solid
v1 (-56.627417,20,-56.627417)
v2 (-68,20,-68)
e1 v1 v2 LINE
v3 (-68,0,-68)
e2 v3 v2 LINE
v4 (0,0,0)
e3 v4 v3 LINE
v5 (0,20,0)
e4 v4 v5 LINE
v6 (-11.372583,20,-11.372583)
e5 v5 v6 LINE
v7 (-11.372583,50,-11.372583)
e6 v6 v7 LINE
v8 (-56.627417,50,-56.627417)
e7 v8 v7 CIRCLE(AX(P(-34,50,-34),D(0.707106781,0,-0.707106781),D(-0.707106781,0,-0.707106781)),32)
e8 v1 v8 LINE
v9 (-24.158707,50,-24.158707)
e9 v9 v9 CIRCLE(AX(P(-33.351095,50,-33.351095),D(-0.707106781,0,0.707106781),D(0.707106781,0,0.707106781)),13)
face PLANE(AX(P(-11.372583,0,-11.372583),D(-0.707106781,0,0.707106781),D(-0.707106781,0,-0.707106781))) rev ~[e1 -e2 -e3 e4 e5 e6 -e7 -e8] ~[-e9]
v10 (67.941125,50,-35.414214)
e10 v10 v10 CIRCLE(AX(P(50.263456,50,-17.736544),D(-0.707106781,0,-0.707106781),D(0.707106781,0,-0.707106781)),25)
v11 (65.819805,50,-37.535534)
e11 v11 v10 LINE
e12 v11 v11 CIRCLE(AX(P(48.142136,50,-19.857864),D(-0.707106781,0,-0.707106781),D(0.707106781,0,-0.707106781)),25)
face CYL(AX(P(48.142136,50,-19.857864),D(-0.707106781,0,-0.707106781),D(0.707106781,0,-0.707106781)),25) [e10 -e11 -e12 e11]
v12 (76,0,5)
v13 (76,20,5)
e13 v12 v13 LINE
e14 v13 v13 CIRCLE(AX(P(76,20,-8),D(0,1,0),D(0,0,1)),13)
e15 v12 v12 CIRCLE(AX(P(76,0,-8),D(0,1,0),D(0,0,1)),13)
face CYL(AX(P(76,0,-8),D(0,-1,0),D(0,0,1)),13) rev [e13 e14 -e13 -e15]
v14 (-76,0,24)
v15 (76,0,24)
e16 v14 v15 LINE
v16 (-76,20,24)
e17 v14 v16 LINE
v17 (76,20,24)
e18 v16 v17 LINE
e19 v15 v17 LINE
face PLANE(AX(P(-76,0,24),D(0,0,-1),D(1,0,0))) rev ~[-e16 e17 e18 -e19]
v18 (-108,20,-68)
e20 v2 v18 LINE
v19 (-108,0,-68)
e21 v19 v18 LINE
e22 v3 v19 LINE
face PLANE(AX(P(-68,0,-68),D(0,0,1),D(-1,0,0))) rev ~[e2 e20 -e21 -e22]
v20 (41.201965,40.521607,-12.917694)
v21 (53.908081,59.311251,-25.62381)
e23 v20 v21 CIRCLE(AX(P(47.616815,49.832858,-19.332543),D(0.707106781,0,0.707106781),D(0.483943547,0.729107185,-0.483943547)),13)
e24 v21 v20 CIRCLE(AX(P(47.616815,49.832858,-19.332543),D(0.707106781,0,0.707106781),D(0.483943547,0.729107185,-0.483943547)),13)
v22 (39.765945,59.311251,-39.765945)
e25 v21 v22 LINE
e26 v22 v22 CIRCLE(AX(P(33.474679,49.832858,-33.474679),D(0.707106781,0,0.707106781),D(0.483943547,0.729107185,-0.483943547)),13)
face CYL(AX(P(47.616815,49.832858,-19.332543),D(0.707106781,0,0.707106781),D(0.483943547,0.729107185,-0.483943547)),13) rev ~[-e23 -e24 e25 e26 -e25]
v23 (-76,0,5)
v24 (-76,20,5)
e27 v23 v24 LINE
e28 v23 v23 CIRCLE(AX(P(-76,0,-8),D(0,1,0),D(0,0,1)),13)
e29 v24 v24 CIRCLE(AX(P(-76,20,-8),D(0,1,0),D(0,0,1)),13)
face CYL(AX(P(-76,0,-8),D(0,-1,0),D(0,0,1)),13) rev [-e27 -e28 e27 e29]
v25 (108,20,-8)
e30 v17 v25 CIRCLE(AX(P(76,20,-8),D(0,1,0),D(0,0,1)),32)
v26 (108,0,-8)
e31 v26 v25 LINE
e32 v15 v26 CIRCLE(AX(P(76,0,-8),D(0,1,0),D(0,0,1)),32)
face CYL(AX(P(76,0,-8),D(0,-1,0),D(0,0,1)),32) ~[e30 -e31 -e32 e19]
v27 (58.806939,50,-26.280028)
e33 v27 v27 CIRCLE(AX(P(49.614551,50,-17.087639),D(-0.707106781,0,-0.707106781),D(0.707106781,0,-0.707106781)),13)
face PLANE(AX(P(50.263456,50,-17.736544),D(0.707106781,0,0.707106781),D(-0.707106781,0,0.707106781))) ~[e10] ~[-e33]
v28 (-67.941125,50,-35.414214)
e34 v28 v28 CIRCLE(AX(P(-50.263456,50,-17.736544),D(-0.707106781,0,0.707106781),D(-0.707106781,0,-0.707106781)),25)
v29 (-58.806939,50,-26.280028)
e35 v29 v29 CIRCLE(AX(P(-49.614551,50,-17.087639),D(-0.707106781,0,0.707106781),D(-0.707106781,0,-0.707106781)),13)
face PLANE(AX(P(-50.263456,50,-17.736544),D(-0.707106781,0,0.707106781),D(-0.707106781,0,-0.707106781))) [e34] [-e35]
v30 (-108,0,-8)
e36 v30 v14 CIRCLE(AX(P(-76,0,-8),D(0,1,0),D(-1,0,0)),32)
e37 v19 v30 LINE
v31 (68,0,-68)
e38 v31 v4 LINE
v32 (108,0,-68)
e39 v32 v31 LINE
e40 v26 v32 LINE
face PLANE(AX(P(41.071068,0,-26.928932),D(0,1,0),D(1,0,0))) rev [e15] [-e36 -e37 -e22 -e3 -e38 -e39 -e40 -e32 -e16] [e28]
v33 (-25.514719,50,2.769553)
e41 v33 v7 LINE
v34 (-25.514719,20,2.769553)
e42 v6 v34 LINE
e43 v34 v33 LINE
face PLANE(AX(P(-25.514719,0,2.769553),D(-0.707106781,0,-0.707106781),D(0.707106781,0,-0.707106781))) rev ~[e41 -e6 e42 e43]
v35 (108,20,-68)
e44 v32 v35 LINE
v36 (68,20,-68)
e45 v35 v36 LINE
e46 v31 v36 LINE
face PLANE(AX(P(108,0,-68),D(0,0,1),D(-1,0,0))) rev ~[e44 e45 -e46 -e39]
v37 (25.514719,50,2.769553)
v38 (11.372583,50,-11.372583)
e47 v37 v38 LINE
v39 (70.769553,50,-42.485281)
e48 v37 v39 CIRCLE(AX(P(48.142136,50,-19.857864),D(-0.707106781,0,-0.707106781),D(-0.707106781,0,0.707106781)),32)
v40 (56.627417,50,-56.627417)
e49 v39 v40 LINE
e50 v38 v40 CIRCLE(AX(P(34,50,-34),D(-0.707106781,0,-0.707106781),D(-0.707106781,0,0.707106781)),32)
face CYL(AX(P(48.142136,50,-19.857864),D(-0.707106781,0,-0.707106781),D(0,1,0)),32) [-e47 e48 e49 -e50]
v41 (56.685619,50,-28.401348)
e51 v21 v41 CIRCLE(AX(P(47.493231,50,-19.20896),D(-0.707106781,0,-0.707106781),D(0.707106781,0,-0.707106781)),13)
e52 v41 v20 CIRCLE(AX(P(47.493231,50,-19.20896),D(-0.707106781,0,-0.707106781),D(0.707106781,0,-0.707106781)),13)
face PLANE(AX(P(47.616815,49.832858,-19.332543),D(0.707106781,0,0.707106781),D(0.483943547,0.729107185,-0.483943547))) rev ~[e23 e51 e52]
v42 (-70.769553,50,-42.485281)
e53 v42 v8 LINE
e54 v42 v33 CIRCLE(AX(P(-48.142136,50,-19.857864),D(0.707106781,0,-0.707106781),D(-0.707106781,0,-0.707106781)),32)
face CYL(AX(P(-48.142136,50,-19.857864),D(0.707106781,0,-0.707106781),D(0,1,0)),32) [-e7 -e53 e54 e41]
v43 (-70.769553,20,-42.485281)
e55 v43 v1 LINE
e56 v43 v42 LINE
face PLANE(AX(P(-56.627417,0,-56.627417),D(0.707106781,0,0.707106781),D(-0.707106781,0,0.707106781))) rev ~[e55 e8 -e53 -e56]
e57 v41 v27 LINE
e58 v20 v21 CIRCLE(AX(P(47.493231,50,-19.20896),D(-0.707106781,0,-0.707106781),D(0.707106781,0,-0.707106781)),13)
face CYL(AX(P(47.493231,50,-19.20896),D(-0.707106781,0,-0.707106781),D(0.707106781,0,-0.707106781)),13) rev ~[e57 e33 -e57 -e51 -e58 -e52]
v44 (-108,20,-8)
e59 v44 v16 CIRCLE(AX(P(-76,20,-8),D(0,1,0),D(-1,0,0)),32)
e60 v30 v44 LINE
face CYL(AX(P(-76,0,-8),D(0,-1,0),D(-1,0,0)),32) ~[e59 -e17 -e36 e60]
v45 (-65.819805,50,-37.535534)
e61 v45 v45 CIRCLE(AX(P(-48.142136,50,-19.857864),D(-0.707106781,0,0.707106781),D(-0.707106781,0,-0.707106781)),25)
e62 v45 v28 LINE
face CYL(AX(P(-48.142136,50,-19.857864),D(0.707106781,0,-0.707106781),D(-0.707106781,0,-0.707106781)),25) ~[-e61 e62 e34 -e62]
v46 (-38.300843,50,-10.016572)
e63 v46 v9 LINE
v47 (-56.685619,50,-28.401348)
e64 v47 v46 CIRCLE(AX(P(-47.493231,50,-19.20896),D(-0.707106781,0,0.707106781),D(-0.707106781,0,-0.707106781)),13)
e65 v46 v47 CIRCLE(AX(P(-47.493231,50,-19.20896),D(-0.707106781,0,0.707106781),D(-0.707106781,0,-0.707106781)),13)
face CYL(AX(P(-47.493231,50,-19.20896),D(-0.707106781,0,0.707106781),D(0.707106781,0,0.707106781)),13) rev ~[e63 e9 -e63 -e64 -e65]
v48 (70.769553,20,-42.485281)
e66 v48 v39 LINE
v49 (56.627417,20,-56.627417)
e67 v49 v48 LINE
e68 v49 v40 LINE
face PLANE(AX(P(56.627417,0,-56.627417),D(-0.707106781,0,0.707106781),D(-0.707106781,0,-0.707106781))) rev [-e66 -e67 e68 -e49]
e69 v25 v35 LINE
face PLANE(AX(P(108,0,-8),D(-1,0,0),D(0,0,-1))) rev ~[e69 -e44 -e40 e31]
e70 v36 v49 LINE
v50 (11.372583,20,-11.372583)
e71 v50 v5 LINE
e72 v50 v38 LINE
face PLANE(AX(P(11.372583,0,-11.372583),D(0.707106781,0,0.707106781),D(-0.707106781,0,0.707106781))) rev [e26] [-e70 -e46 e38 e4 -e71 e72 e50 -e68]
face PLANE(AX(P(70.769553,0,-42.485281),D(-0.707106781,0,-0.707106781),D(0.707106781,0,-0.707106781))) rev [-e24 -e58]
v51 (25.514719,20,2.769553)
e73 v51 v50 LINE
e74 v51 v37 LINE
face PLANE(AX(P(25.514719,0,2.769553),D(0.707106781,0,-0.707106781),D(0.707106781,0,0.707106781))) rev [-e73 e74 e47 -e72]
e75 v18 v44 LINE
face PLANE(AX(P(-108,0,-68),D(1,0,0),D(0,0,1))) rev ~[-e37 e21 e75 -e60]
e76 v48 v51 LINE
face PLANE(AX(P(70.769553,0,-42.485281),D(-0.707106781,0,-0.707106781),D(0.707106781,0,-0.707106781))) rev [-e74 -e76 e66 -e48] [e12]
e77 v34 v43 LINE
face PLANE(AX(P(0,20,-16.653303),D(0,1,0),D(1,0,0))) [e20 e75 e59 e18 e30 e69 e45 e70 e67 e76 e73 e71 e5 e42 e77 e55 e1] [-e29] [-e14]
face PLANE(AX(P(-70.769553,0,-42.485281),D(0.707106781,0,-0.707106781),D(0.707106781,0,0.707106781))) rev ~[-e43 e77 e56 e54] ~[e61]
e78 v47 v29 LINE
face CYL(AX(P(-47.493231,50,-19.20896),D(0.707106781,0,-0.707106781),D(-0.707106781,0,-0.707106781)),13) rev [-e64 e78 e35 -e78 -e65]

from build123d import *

# Parameters (mm, degrees)
SKETCH1_R                   = 13
BOSS_EXTRUDE1_DEPTH         = 20
BOSS_EXTRUDE2_DEPTH         = 82
FILLET1_RADIUS              = 32
FILLET1_LENGTH              = 20
SKETCH3_R                   = 25
SKETCH3_R_2                 = 13
BOSS_EXTRUDE3_DEPTH         = 3
CUT_EXTRUDE2_DEPTH          = 169.493417496
FILLET1_OF_MIRROR1_2_RADIUS = 32
FILLET1_OF_MIRROR1_2_LENGTH = 20
SKETCH5_R                   = 13
CUT_EXTRUDE3_DEPTH          = 169.493417496


with BuildPart() as part:
    # Sketch1 → Boss-Extrude1 (new body)
    with BuildSketch(Plane(origin=(0, 0, 0), x_dir=(1, 0, 0), z_dir=(0, 1, 0))):
        with BuildLine():
            Line((-68, 68), (-108, 68))
            Line((-108, 68), (-108, 8))
            ThreePointArc((-108, 8), (-98.627416998, -14.627416998), (-76, -24))
            Line((-76, -24), (-0.620811238, -24))
            Line((-0.620811238, -24), (76, -24))
            ThreePointArc((76, -24), (98.627416998, -14.627416998), (108, 8))
            Line((108, 8), (108, 68))
            Line((108, 68), (68, 68))
            Line((68, 68), (56.627416998, 56.627416998))
            Line((56.627416998, 56.627416998), (70.769552622, 42.485281374))
            Line((70.769552622, 42.485281374), (25.514718626, -2.769552622))
            Line((25.514718626, -2.769552622), (11.372583002, 11.372583002))
            Line((11.372583002, 11.372583002), (0, 0))
            Line((0, 0), (-11.372583002, 11.372583002))
            Line((-11.372583002, 11.372583002), (-25.514718626, -2.769552622))
            Line((-25.514718626, -2.769552622), (-70.769552622, 42.485281374))
            Line((-70.769552622, 42.485281374), (-56.627416998, 56.627416998))
            Line((-56.627416998, 56.627416998), (-68, 68))
        make_face()
        with Locations(Location((-76, 8, 0), (0, 0, 270))):
            Circle(SKETCH1_R, mode=Mode.SUBTRACT)
        with Locations(Location((76, 8, 0), (0, 0, 270))):
            Circle(SKETCH1_R, mode=Mode.SUBTRACT)
    extrude(amount=BOSS_EXTRUDE1_DEPTH)

    # Sketch1<3> → Boss-Extrude2 (add)
    with BuildSketch(Plane(origin=(0, 0, 0), x_dir=(1, 0, 0), z_dir=(0, 1, 0))):
        Polygon((-11.372583002, 11.372583002), (-56.627416998, 56.627416998), (-70.769552622, 42.485281374), (-25.514718626, -2.769552622), align=None)
    boss_extrude2 = extrude(amount=BOSS_EXTRUDE2_DEPTH)

    # Fillet1: full round fillet: the end face becomes a half cylinder, R = half its width
    fillet1_face = Plane((-41.071067812, 82, -26.928932188), x_dir=(0.707106781187, 0, -0.707106781187), z_dir=(0, 1, 0))  # on the end face: x along it, z out of the body
    fillet1_slab = fillet1_face.offset(-FILLET1_RADIUS / 2) * Box(FILLET1_LENGTH, 2 * FILLET1_RADIUS, FILLET1_RADIUS, mode=Mode.PRIVATE)  # the body's end, R deep
    fillet1_round = Plane((-41.071067812, 50, -26.928932188), x_dir=(0, 1, 0), z_dir=(0.707106781187, 0, -0.707106781187)) * Cylinder(FILLET1_RADIUS, FILLET1_LENGTH, mode=Mode.PRIVATE)  # its axis R under the face
    add(fillet1_slab - fillet1_round, mode=Mode.SUBTRACT)

    # Sketch3 → Boss-Extrude3 (add)
    with BuildSketch(Plane(origin=(-14.142135624, 0, 14.142135624), x_dir=(0.7071067811865487, 0, 0.7071067811865465), z_dir=(-0.7071067811865465, 0, 0.7071067811865487))):
        with Locations(Location((-48.083261121, 50, 0), (0, 0, 180))):
            Circle(SKETCH3_R)
        with Locations(Location((-47.165571339, 50, 0), (0, 0, 180))):
            Circle(SKETCH3_R_2, mode=Mode.SUBTRACT)
    boss_extrude3 = extrude(amount=BOSS_EXTRUDE3_DEPTH)

    # Sketch3<3> → Cut-Extrude2 (cut, through all)
    with BuildSketch(Plane(origin=(-14.142135624, 0, 14.142135624), x_dir=(0.7071067811865487, 0, 0.7071067811865465), z_dir=(-0.7071067811865465, 0, 0.7071067811865487))):
        with BuildLine():
            ThreePointArc((-60.165571339, 50), (-47.165571339, 37), (-34.165571339, 50))
            Line((-34.165571339, 50), (-60.165571339, 50))
        make_face()
        with BuildLine():
            Line((-60.165571339, 50), (-34.165571339, 50))
            ThreePointArc((-34.165571339, 50), (-47.165571339, 63), (-60.165571339, 50))
        make_face()
    extrude(amount=-CUT_EXTRUDE2_DEPTH, mode=Mode.SUBTRACT)

    # Mirror1: Boss-Extrude2, Boss-Extrude3 across plane
    add(boss_extrude2.mirror(Plane(origin=(0, 0, 0), x_dir=(0, 0, 1), z_dir=(1, 0, 0))))
    add(boss_extrude3.mirror(Plane(origin=(0, 0, 0), x_dir=(0, 0, 1), z_dir=(1, 0, 0))))

    # Fillet1 of Mirror1 2: full round fillet: the end face becomes a half cylinder, R = half its width
    fillet1_of_mirror1_2_face = Plane((41.071067812, 82, -26.928932188), x_dir=(-0.707106781187, 0, -0.707106781187), z_dir=(0, 1, 0))  # on the end face: x along it, z out of the body
    fillet1_of_mirror1_2_slab = fillet1_of_mirror1_2_face.offset(-FILLET1_OF_MIRROR1_2_RADIUS / 2) * Box(FILLET1_OF_MIRROR1_2_LENGTH, 2 * FILLET1_OF_MIRROR1_2_RADIUS, FILLET1_OF_MIRROR1_2_RADIUS, mode=Mode.PRIVATE)  # the body's end, R deep
    fillet1_of_mirror1_2_round = Plane((41.071067812, 50, -26.928932188), x_dir=(0, 1, 0), z_dir=(-0.707106781187, 0, -0.707106781187)) * Cylinder(FILLET1_OF_MIRROR1_2_RADIUS, FILLET1_OF_MIRROR1_2_LENGTH, mode=Mode.PRIVATE)  # its axis R under the face
    add(fillet1_of_mirror1_2_slab - fillet1_of_mirror1_2_round, mode=Mode.SUBTRACT)

    # Sketch5 → Cut-Extrude3 (cut, through all)
    with BuildSketch(Plane(origin=(14.142135624, 0, 14.142135624), x_dir=(0.7071067811865487, 0, -0.7071067811865465), z_dir=(0.7071067811865465, 0, 0.7071067811865487))):
        with Locations(Location((47.340345076, 49.832858071, 0), (0, 0, 46.811598371))):
            Circle(SKETCH5_R)
    extrude(amount=-CUT_EXTRUDE3_DEPTH, mode=Mode.SUBTRACT)


solid = part.part
